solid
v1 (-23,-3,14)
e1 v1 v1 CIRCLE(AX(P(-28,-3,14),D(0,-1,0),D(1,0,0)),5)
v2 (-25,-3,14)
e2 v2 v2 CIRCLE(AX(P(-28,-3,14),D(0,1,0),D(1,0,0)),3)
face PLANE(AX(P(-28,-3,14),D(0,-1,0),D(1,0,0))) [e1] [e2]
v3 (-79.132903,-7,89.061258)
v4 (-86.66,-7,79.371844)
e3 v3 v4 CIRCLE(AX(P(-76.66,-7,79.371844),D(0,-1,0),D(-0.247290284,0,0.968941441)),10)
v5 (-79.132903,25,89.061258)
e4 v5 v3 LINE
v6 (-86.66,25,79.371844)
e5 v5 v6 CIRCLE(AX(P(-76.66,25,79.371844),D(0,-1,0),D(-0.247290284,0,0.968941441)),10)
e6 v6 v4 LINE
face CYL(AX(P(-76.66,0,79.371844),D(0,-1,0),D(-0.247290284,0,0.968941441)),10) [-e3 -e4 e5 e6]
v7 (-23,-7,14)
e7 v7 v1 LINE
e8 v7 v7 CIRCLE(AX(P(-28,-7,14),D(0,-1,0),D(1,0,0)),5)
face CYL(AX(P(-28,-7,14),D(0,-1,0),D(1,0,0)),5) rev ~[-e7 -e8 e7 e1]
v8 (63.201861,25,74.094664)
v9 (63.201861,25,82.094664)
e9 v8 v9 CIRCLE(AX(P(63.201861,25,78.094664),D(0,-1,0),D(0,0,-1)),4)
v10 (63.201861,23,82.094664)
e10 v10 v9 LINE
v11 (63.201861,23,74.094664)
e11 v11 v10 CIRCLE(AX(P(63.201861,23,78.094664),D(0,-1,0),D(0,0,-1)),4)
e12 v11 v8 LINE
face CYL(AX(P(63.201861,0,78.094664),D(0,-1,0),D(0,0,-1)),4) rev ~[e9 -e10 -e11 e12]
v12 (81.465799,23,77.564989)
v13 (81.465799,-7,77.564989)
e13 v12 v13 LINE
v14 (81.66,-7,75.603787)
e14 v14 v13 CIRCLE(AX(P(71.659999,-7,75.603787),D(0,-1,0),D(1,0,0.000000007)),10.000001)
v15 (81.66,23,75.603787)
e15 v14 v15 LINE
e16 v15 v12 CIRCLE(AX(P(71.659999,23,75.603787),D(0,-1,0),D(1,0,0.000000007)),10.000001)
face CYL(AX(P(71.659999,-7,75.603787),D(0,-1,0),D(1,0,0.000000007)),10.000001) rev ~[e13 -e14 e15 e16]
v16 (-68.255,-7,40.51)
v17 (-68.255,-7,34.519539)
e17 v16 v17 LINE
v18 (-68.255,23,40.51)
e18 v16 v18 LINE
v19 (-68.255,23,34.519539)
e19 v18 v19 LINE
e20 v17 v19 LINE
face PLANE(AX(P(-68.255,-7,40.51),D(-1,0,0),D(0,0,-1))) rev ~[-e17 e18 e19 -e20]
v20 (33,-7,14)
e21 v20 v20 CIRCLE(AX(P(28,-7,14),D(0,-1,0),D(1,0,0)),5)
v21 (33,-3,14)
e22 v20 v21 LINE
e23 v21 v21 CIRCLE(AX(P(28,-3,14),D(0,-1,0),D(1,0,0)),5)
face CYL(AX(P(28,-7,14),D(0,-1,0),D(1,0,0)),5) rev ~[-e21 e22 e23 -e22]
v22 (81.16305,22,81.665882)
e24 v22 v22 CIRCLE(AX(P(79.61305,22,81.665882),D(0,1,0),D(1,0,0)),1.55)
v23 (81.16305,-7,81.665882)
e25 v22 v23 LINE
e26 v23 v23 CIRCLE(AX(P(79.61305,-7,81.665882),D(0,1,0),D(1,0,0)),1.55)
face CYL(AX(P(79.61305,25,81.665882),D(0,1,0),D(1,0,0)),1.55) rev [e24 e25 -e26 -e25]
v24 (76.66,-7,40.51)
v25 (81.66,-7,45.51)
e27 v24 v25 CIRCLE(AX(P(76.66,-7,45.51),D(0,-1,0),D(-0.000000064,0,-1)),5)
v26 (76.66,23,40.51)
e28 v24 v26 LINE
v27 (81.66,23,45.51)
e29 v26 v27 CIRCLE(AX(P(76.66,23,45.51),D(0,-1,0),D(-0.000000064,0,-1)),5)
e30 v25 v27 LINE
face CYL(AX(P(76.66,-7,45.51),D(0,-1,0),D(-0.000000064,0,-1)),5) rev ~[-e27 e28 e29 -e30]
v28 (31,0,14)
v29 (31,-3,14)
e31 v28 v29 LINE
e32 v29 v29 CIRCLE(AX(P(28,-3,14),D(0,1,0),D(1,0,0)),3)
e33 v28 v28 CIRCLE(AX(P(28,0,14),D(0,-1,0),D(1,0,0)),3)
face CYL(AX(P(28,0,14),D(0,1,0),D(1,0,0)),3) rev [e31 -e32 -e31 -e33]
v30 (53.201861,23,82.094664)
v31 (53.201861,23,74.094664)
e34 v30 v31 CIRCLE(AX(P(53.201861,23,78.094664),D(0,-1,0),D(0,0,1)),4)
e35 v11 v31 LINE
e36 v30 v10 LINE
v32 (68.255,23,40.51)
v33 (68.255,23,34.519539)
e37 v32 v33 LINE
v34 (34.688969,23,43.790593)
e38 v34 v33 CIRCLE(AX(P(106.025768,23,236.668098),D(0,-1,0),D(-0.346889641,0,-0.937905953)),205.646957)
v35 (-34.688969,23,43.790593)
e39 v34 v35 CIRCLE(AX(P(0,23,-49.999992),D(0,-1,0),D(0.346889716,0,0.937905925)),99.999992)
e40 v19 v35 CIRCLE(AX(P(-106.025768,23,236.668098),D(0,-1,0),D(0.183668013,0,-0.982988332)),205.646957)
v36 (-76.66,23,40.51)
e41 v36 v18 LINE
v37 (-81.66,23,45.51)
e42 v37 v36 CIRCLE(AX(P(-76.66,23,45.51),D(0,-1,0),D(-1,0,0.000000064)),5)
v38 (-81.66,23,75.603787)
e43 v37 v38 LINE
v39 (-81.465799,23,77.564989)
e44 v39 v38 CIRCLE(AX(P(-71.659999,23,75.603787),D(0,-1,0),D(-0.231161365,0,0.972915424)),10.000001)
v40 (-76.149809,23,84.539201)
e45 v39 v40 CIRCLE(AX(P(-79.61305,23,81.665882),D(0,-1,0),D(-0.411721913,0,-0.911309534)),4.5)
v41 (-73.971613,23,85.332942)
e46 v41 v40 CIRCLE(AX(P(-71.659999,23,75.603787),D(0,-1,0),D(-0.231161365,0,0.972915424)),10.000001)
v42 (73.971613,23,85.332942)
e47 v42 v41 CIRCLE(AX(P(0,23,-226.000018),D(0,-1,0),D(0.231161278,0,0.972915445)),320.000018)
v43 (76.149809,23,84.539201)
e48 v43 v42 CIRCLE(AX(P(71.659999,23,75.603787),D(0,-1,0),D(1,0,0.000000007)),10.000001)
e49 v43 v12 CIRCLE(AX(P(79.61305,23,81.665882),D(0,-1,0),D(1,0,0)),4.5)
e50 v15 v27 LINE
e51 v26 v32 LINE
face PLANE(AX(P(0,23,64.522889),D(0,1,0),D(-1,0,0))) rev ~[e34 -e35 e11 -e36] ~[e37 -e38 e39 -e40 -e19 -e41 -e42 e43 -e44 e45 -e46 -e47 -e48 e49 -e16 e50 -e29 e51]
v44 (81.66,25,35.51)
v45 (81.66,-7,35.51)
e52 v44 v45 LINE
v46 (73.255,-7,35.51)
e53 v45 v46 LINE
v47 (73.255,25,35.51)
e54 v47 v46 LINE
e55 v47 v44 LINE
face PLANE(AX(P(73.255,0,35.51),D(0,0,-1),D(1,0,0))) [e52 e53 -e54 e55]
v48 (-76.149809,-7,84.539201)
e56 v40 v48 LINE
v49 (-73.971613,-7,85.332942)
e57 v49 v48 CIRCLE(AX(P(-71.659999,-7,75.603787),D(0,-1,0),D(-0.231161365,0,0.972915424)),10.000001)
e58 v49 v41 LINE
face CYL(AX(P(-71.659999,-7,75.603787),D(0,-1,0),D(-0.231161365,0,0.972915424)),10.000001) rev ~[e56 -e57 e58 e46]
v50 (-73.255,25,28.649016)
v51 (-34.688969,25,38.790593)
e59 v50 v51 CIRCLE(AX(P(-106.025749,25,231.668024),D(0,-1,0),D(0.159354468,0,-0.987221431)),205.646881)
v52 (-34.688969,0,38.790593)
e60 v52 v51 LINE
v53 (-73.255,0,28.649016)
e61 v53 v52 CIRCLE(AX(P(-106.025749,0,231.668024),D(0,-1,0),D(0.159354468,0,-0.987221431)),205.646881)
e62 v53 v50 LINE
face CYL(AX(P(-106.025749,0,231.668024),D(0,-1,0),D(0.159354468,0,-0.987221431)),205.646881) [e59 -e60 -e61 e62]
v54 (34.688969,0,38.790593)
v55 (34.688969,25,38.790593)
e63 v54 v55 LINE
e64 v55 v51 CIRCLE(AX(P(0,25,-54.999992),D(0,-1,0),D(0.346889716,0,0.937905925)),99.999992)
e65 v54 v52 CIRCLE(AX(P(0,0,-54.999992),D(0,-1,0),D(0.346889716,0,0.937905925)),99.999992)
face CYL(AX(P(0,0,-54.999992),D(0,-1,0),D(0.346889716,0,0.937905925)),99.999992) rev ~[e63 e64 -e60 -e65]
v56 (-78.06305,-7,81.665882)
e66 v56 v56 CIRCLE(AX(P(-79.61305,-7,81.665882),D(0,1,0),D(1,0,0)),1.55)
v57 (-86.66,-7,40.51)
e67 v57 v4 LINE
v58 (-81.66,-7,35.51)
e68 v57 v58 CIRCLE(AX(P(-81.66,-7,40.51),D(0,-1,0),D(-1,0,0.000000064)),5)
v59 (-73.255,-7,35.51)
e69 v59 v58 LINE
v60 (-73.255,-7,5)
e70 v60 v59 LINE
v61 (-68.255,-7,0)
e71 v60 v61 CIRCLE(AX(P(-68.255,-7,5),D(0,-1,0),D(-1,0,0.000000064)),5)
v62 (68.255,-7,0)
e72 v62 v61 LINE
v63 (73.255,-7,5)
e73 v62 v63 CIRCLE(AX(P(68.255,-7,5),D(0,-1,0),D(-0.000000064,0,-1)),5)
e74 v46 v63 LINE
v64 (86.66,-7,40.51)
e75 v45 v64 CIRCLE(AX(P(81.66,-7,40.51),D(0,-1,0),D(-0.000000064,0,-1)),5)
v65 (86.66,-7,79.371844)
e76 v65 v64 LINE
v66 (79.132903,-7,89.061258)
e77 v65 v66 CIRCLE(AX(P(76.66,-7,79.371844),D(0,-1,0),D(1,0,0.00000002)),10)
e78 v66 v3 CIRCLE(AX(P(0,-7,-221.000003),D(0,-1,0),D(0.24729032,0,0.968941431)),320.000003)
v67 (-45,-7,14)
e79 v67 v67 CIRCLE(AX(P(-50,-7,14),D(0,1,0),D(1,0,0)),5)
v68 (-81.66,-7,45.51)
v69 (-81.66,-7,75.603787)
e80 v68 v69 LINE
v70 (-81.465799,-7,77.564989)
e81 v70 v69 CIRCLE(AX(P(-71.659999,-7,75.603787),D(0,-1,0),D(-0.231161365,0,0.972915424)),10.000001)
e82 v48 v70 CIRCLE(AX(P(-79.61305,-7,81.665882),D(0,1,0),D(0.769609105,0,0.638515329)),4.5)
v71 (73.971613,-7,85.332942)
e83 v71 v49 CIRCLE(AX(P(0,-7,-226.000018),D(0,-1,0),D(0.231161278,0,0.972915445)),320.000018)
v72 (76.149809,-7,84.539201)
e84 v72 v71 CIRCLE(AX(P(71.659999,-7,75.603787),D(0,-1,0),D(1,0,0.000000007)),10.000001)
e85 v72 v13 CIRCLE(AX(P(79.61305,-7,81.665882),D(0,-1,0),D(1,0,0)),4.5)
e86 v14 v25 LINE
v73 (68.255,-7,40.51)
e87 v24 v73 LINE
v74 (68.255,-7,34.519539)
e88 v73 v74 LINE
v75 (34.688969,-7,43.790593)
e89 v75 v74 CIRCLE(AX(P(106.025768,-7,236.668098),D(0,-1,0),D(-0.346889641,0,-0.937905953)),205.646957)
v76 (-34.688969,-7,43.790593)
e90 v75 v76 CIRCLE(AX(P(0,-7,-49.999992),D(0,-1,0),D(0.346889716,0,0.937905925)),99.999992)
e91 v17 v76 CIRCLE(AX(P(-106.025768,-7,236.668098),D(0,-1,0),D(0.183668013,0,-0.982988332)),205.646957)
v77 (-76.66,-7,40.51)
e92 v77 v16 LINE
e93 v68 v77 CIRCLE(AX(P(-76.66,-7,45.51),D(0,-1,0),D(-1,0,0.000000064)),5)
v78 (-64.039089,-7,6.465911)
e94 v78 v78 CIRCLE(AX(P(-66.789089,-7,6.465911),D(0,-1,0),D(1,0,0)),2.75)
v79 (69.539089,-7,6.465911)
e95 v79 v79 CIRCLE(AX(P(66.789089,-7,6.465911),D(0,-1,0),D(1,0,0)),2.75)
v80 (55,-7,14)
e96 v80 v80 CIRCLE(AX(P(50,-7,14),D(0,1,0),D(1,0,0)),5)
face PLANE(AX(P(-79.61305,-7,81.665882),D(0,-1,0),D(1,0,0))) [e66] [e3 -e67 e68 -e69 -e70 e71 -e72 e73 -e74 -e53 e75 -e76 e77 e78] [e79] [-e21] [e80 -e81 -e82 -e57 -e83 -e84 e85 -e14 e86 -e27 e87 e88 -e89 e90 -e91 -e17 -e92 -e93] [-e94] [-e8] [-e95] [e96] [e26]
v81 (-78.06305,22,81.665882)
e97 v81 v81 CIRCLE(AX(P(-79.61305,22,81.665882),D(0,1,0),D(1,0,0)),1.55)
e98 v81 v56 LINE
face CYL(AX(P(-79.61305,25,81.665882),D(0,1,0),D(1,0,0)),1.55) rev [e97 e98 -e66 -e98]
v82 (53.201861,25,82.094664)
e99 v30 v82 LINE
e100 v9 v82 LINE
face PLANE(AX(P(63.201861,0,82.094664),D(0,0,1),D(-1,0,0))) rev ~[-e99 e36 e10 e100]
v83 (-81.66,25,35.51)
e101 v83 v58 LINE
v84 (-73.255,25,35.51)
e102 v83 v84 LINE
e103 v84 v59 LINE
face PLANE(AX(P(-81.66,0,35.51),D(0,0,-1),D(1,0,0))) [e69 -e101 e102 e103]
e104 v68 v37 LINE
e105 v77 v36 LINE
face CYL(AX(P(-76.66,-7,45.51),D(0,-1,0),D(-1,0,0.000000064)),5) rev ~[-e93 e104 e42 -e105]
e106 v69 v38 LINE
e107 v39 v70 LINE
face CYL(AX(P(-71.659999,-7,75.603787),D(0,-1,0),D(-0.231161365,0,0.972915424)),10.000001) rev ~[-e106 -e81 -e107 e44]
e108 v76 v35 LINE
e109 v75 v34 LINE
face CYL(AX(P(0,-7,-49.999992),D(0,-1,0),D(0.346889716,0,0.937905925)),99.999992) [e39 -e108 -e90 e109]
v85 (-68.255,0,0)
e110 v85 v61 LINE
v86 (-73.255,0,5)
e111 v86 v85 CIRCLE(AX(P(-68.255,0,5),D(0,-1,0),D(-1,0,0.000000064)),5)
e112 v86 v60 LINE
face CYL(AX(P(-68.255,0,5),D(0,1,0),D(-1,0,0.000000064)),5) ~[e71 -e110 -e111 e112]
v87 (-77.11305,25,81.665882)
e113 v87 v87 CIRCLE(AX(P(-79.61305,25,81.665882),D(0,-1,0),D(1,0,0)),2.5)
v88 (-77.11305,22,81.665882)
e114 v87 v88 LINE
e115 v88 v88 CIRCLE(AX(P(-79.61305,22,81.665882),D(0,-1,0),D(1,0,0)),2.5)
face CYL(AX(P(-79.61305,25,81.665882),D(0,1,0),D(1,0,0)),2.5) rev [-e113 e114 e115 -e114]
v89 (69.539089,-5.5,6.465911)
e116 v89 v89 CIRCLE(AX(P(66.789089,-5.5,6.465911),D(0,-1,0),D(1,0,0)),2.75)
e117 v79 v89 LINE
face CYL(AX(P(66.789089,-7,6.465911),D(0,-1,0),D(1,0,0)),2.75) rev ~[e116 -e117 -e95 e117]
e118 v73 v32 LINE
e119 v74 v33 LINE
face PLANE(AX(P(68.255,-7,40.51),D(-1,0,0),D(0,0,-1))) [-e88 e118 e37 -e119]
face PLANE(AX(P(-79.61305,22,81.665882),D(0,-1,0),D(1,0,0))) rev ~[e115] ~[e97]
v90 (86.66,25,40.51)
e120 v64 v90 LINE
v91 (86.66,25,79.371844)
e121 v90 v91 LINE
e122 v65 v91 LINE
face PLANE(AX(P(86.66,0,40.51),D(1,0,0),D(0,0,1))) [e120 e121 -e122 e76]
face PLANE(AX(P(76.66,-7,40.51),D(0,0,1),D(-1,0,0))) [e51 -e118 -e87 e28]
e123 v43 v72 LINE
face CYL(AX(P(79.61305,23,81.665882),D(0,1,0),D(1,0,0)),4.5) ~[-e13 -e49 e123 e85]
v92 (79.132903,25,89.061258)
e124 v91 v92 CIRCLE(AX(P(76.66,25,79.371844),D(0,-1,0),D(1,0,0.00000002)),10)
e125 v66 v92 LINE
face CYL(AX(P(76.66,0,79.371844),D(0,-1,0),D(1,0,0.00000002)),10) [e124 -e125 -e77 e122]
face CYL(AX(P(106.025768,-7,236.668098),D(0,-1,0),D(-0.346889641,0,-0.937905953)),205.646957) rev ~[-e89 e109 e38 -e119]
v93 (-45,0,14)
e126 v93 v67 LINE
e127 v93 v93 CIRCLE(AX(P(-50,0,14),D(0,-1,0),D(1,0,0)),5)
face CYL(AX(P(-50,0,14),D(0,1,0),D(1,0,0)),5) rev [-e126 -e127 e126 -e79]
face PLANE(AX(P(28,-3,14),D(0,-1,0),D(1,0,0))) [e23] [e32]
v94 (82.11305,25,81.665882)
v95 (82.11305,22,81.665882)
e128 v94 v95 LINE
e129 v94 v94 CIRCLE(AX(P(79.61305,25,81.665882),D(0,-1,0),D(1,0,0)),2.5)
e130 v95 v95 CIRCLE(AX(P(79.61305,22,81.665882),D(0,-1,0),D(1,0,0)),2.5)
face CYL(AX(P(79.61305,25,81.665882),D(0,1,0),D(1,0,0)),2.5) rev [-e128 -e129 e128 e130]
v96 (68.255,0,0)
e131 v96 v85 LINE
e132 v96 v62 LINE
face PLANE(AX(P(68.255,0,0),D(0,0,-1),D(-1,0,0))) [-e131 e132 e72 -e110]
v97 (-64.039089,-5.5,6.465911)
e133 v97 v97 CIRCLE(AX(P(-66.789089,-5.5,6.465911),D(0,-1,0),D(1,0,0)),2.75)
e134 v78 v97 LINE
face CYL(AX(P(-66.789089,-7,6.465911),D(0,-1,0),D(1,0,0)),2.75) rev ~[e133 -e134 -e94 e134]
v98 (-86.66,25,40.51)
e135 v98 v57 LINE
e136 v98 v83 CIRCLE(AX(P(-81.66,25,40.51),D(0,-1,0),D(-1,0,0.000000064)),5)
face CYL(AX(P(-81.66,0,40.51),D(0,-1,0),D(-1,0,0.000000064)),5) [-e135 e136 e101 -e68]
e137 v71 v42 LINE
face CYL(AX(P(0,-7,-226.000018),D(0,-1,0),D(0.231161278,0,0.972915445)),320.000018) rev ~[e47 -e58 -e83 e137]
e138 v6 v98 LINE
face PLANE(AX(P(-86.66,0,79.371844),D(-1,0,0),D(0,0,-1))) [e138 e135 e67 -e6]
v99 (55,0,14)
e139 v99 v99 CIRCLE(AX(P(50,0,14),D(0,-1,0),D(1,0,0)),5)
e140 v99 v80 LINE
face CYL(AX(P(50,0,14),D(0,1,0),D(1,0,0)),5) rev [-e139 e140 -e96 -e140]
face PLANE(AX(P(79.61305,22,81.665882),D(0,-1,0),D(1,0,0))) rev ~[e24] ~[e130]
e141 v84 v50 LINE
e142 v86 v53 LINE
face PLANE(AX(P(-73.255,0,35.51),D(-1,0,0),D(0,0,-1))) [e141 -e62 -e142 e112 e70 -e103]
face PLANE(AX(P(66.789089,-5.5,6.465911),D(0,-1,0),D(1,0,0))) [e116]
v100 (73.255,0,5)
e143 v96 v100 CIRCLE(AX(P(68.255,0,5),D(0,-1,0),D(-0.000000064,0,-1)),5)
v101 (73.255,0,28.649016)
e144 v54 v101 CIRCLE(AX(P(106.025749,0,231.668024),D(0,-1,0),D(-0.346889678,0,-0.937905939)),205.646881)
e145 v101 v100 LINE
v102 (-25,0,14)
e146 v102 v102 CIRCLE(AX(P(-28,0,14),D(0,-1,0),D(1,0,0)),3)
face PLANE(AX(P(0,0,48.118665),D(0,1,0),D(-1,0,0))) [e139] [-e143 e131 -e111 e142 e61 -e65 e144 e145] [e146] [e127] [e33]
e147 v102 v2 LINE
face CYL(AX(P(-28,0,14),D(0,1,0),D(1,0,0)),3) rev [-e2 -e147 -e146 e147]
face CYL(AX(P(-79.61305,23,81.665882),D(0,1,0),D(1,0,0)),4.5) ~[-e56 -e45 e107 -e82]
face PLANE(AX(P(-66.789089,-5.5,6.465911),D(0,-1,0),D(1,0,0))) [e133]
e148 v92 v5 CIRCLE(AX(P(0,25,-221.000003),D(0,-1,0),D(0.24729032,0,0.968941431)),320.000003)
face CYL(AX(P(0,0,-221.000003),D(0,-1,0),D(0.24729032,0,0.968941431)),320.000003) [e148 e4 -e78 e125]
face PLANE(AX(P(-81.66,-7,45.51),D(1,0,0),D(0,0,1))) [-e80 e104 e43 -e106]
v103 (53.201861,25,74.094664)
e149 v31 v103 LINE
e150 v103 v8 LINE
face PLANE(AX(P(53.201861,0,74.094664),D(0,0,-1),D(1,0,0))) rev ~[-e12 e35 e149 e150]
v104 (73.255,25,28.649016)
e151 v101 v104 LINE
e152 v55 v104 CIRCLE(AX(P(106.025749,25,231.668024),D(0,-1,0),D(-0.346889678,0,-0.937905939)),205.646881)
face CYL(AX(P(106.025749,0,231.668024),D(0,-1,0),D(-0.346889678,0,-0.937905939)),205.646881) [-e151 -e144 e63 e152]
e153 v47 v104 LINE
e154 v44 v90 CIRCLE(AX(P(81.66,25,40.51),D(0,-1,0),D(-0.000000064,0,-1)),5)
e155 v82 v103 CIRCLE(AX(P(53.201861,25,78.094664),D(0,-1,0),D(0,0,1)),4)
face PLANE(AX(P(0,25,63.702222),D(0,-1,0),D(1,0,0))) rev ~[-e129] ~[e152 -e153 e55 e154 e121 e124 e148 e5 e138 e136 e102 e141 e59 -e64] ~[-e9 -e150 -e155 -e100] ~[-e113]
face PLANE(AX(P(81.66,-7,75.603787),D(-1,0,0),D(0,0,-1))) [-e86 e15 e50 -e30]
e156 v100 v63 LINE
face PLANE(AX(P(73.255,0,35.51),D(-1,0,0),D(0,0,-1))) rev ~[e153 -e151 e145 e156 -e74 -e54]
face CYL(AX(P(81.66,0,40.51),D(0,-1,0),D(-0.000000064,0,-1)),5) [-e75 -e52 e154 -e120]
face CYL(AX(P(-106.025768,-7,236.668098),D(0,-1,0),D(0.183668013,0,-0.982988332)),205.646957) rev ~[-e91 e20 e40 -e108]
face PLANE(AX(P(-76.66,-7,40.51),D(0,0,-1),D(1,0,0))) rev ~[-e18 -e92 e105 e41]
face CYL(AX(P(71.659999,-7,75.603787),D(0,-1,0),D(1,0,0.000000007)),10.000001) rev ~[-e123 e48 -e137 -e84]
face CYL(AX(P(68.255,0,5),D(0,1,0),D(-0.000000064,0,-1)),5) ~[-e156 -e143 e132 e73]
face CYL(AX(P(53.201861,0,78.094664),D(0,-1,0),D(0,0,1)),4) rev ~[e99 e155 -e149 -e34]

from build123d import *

# Parameters (mm, degrees)
PAD_DEPTH       = 7
PAD012_DEPTH    = 25
SKETCH013_R     = 5
SKETCH013_R_2   = 3
POCKET007_DEPTH = 7.001
POCKET008_DEPTH = 30
SKETCH023_R     = 5
POCKET009_DEPTH = 4
SKETCH024_R     = 4.5
PAD013_DEPTH    = 30
SKETCH028_R     = 2.75
POCKET012_DEPTH = 1.5
SKETCH029_R     = 1.55
POCKET013_DEPTH = 32.001
SKETCH030_R     = 2.5
POCKET014_DEPTH = 3
POCKET015_DEPTH = 25.001


with BuildPart() as part:
    # Sketch011 → Pad (new body)
    with BuildSketch(Plane.XZ):
        with BuildLine():
            Line((73.255, 35.51), (73.255, 5))
            ThreePointArc((68.255, 0), (71.790534, 1.464466), (73.255, 5))
            Line((68.255, 0), (-68.255, 0))
            ThreePointArc((-73.255, 5), (-71.790534, 1.464466), (-68.255, 0))
            Line((-73.255, 5), (-73.255, 35.51))
            Line((-73.255, 35.51), (-81.66, 35.51))
            ThreePointArc((-86.66, 40.51), (-85.195534, 36.974466), (-81.66, 35.51))
            Line((-86.66, 40.51), (-86.66, 79.371844))
            ThreePointArc((-79.132903, 89.061258), (-84.557121, 85.50662), (-86.66, 79.371844))
            ThreePointArc((79.132903, 89.061258), (0, 99), (-79.132903, 89.061258))
            ThreePointArc((86.66, 79.371844), (84.557121, 85.50662), (79.132903, 89.061258))
            Line((86.66, 79.371844), (86.66, 40.51))
            ThreePointArc((81.66, 35.51), (85.195534, 36.974466), (86.66, 40.51))
            Line((81.66, 35.51), (73.255, 35.51))
        make_face()
    extrude(amount=PAD_DEPTH)

    # Sketch012 → Pad012 (join)
    with BuildSketch(Plane.XZ):
        with BuildLine():
            ThreePointArc((79.132903, 89.061258), (0, 99), (-79.132903, 89.061258))
            ThreePointArc((-79.132903, 89.061258), (-84.557121, 85.50662), (-86.66, 79.371844))
            Line((-86.66, 79.371844), (-86.66, 40.51))
            ThreePointArc((-86.66, 40.51), (-85.195534, 36.974466), (-81.66, 35.51))
            Line((-81.66, 35.51), (-73.255, 35.51))
            Line((-73.255, 35.51), (-73.255, 28.649016))
            ThreePointArc((-73.255, 28.649016), (-53.725584, 32.7828), (-34.688969, 38.790593))
            ThreePointArc((34.688969, 38.790593), (0, 45), (-34.688969, 38.790593))
            ThreePointArc((34.688969, 38.790593), (53.725584, 32.7828), (73.255, 28.649016))
            Line((73.255, 35.51), (73.255, 28.649016))
            Line((73.255, 35.51), (81.66, 35.51))
            ThreePointArc((81.66, 35.51), (85.195534, 36.974466), (86.66, 40.51))
            Line((86.66, 40.51), (86.66, 79.371844))
            ThreePointArc((86.66, 79.371844), (84.557121, 85.50662), (79.132903, 89.061258))
        make_face()
    extrude(amount=-PAD012_DEPTH)

    # Sketch013 → Pocket007 (cut, through all)
    with BuildSketch(Plane.XZ):
        with Locations((-50, 14)):
            Circle(SKETCH013_R)
        with Locations((-28, 14)):
            Circle(SKETCH013_R_2)
        with Locations((28, 14)):
            Circle(SKETCH013_R_2)
        with Locations((50, 14)):
            Circle(SKETCH013_R)
    extrude(amount=POCKET007_DEPTH, mode=Mode.SUBTRACT)

    # Sketch015 → Pocket008 (cut)
    with BuildSketch(Plane.XZ.offset(7)):
        with BuildLine():
            Line((81.66, 75.603787), (81.66, 45.51))
            ThreePointArc((76.66, 40.51), (80.195534, 41.974466), (81.66, 45.51))
            Line((76.66, 40.51), (68.255, 40.51))
            Line((68.255, 40.51), (68.255, 34.519539))
            ThreePointArc((34.688969, 43.790593), (51.275394, 38.443308), (68.255, 34.519539))
            ThreePointArc((34.688969, 43.790593), (0, 50), (-34.688969, 43.790593))
            ThreePointArc((-68.255, 34.519539), (-51.275394, 38.443308), (-34.688969, 43.790593))
            Line((-68.255, 40.51), (-68.255, 34.519539))
            Line((-76.66, 40.51), (-68.255, 40.51))
            ThreePointArc((-81.66, 45.51), (-80.195534, 41.974466), (-76.66, 40.51))
            Line((-81.66, 45.51), (-81.66, 75.603787))
            ThreePointArc((-73.971613, 85.332942), (-79.505895, 81.803943), (-81.66, 75.603787))
            ThreePointArc((73.971613, 85.332942), (0, 94), (-73.971613, 85.332942))
            ThreePointArc((81.66, 75.603787), (79.505895, 81.803943), (73.971613, 85.332942))
        make_face()
    extrude(amount=-POCKET008_DEPTH, mode=Mode.SUBTRACT)

    # Sketch023 → Pocket009 (cut)
    with BuildSketch(Plane.XZ.offset(7)):
        with Locations((-28, 14)):
            Circle(SKETCH023_R)
        with Locations((28, 14)):
            Circle(SKETCH023_R)
    extrude(amount=-POCKET009_DEPTH, mode=Mode.SUBTRACT)

    # Sketch024 → Pad013 (join)
    with BuildSketch(Plane.XZ.offset(-23)):
        with Locations((-79.61305, 81.665882)):
            Circle(SKETCH024_R)
        with Locations((79.61305, 81.665882)):
            Circle(SKETCH024_R)
    extrude(amount=PAD013_DEPTH)

    # Sketch028 → Pocket012 (cut)
    with BuildSketch(Plane.XZ.offset(7)):
        with Locations((-66.789089, 6.465911)):
            Circle(SKETCH028_R)
        with Locations((66.789089, 6.465911)):
            Circle(SKETCH028_R)
    extrude(amount=-POCKET012_DEPTH, mode=Mode.SUBTRACT)

    # Sketch029 → Pocket013 (cut, through all)
    with BuildSketch(Plane.XZ.offset(-25)):
        with Locations((-79.61305, 81.665882)):
            Circle(SKETCH029_R)
        with Locations((79.61305, 81.665882)):
            Circle(SKETCH029_R)
    extrude(amount=POCKET013_DEPTH, mode=Mode.SUBTRACT)

    # Sketch030 → Pocket014 (cut)
    with BuildSketch(Plane.XZ.offset(-25)):
        with Locations((-79.61305, 81.665882)):
            Circle(SKETCH030_R)
        with Locations((79.61305, 81.665882)):
            Circle(SKETCH030_R)
    extrude(amount=POCKET014_DEPTH, mode=Mode.SUBTRACT)

    # Sketch031 → Pocket015 (cut, through all)
    with BuildSketch(Plane.XZ):
        with BuildLine():
            ThreePointArc((53.201861, 82.094664), (49.201861, 78.094664), (53.201861, 74.094664))
            Line((53.201861, 74.094664), (63.201861, 74.094664))
            ThreePointArc((63.201861, 74.094664), (67.201861, 78.094664), (63.201861, 82.094664))
            Line((63.201861, 82.094664), (53.201861, 82.094664))
        make_face()
    extrude(amount=-POCKET015_DEPTH, mode=Mode.SUBTRACT)


solid = part.part
